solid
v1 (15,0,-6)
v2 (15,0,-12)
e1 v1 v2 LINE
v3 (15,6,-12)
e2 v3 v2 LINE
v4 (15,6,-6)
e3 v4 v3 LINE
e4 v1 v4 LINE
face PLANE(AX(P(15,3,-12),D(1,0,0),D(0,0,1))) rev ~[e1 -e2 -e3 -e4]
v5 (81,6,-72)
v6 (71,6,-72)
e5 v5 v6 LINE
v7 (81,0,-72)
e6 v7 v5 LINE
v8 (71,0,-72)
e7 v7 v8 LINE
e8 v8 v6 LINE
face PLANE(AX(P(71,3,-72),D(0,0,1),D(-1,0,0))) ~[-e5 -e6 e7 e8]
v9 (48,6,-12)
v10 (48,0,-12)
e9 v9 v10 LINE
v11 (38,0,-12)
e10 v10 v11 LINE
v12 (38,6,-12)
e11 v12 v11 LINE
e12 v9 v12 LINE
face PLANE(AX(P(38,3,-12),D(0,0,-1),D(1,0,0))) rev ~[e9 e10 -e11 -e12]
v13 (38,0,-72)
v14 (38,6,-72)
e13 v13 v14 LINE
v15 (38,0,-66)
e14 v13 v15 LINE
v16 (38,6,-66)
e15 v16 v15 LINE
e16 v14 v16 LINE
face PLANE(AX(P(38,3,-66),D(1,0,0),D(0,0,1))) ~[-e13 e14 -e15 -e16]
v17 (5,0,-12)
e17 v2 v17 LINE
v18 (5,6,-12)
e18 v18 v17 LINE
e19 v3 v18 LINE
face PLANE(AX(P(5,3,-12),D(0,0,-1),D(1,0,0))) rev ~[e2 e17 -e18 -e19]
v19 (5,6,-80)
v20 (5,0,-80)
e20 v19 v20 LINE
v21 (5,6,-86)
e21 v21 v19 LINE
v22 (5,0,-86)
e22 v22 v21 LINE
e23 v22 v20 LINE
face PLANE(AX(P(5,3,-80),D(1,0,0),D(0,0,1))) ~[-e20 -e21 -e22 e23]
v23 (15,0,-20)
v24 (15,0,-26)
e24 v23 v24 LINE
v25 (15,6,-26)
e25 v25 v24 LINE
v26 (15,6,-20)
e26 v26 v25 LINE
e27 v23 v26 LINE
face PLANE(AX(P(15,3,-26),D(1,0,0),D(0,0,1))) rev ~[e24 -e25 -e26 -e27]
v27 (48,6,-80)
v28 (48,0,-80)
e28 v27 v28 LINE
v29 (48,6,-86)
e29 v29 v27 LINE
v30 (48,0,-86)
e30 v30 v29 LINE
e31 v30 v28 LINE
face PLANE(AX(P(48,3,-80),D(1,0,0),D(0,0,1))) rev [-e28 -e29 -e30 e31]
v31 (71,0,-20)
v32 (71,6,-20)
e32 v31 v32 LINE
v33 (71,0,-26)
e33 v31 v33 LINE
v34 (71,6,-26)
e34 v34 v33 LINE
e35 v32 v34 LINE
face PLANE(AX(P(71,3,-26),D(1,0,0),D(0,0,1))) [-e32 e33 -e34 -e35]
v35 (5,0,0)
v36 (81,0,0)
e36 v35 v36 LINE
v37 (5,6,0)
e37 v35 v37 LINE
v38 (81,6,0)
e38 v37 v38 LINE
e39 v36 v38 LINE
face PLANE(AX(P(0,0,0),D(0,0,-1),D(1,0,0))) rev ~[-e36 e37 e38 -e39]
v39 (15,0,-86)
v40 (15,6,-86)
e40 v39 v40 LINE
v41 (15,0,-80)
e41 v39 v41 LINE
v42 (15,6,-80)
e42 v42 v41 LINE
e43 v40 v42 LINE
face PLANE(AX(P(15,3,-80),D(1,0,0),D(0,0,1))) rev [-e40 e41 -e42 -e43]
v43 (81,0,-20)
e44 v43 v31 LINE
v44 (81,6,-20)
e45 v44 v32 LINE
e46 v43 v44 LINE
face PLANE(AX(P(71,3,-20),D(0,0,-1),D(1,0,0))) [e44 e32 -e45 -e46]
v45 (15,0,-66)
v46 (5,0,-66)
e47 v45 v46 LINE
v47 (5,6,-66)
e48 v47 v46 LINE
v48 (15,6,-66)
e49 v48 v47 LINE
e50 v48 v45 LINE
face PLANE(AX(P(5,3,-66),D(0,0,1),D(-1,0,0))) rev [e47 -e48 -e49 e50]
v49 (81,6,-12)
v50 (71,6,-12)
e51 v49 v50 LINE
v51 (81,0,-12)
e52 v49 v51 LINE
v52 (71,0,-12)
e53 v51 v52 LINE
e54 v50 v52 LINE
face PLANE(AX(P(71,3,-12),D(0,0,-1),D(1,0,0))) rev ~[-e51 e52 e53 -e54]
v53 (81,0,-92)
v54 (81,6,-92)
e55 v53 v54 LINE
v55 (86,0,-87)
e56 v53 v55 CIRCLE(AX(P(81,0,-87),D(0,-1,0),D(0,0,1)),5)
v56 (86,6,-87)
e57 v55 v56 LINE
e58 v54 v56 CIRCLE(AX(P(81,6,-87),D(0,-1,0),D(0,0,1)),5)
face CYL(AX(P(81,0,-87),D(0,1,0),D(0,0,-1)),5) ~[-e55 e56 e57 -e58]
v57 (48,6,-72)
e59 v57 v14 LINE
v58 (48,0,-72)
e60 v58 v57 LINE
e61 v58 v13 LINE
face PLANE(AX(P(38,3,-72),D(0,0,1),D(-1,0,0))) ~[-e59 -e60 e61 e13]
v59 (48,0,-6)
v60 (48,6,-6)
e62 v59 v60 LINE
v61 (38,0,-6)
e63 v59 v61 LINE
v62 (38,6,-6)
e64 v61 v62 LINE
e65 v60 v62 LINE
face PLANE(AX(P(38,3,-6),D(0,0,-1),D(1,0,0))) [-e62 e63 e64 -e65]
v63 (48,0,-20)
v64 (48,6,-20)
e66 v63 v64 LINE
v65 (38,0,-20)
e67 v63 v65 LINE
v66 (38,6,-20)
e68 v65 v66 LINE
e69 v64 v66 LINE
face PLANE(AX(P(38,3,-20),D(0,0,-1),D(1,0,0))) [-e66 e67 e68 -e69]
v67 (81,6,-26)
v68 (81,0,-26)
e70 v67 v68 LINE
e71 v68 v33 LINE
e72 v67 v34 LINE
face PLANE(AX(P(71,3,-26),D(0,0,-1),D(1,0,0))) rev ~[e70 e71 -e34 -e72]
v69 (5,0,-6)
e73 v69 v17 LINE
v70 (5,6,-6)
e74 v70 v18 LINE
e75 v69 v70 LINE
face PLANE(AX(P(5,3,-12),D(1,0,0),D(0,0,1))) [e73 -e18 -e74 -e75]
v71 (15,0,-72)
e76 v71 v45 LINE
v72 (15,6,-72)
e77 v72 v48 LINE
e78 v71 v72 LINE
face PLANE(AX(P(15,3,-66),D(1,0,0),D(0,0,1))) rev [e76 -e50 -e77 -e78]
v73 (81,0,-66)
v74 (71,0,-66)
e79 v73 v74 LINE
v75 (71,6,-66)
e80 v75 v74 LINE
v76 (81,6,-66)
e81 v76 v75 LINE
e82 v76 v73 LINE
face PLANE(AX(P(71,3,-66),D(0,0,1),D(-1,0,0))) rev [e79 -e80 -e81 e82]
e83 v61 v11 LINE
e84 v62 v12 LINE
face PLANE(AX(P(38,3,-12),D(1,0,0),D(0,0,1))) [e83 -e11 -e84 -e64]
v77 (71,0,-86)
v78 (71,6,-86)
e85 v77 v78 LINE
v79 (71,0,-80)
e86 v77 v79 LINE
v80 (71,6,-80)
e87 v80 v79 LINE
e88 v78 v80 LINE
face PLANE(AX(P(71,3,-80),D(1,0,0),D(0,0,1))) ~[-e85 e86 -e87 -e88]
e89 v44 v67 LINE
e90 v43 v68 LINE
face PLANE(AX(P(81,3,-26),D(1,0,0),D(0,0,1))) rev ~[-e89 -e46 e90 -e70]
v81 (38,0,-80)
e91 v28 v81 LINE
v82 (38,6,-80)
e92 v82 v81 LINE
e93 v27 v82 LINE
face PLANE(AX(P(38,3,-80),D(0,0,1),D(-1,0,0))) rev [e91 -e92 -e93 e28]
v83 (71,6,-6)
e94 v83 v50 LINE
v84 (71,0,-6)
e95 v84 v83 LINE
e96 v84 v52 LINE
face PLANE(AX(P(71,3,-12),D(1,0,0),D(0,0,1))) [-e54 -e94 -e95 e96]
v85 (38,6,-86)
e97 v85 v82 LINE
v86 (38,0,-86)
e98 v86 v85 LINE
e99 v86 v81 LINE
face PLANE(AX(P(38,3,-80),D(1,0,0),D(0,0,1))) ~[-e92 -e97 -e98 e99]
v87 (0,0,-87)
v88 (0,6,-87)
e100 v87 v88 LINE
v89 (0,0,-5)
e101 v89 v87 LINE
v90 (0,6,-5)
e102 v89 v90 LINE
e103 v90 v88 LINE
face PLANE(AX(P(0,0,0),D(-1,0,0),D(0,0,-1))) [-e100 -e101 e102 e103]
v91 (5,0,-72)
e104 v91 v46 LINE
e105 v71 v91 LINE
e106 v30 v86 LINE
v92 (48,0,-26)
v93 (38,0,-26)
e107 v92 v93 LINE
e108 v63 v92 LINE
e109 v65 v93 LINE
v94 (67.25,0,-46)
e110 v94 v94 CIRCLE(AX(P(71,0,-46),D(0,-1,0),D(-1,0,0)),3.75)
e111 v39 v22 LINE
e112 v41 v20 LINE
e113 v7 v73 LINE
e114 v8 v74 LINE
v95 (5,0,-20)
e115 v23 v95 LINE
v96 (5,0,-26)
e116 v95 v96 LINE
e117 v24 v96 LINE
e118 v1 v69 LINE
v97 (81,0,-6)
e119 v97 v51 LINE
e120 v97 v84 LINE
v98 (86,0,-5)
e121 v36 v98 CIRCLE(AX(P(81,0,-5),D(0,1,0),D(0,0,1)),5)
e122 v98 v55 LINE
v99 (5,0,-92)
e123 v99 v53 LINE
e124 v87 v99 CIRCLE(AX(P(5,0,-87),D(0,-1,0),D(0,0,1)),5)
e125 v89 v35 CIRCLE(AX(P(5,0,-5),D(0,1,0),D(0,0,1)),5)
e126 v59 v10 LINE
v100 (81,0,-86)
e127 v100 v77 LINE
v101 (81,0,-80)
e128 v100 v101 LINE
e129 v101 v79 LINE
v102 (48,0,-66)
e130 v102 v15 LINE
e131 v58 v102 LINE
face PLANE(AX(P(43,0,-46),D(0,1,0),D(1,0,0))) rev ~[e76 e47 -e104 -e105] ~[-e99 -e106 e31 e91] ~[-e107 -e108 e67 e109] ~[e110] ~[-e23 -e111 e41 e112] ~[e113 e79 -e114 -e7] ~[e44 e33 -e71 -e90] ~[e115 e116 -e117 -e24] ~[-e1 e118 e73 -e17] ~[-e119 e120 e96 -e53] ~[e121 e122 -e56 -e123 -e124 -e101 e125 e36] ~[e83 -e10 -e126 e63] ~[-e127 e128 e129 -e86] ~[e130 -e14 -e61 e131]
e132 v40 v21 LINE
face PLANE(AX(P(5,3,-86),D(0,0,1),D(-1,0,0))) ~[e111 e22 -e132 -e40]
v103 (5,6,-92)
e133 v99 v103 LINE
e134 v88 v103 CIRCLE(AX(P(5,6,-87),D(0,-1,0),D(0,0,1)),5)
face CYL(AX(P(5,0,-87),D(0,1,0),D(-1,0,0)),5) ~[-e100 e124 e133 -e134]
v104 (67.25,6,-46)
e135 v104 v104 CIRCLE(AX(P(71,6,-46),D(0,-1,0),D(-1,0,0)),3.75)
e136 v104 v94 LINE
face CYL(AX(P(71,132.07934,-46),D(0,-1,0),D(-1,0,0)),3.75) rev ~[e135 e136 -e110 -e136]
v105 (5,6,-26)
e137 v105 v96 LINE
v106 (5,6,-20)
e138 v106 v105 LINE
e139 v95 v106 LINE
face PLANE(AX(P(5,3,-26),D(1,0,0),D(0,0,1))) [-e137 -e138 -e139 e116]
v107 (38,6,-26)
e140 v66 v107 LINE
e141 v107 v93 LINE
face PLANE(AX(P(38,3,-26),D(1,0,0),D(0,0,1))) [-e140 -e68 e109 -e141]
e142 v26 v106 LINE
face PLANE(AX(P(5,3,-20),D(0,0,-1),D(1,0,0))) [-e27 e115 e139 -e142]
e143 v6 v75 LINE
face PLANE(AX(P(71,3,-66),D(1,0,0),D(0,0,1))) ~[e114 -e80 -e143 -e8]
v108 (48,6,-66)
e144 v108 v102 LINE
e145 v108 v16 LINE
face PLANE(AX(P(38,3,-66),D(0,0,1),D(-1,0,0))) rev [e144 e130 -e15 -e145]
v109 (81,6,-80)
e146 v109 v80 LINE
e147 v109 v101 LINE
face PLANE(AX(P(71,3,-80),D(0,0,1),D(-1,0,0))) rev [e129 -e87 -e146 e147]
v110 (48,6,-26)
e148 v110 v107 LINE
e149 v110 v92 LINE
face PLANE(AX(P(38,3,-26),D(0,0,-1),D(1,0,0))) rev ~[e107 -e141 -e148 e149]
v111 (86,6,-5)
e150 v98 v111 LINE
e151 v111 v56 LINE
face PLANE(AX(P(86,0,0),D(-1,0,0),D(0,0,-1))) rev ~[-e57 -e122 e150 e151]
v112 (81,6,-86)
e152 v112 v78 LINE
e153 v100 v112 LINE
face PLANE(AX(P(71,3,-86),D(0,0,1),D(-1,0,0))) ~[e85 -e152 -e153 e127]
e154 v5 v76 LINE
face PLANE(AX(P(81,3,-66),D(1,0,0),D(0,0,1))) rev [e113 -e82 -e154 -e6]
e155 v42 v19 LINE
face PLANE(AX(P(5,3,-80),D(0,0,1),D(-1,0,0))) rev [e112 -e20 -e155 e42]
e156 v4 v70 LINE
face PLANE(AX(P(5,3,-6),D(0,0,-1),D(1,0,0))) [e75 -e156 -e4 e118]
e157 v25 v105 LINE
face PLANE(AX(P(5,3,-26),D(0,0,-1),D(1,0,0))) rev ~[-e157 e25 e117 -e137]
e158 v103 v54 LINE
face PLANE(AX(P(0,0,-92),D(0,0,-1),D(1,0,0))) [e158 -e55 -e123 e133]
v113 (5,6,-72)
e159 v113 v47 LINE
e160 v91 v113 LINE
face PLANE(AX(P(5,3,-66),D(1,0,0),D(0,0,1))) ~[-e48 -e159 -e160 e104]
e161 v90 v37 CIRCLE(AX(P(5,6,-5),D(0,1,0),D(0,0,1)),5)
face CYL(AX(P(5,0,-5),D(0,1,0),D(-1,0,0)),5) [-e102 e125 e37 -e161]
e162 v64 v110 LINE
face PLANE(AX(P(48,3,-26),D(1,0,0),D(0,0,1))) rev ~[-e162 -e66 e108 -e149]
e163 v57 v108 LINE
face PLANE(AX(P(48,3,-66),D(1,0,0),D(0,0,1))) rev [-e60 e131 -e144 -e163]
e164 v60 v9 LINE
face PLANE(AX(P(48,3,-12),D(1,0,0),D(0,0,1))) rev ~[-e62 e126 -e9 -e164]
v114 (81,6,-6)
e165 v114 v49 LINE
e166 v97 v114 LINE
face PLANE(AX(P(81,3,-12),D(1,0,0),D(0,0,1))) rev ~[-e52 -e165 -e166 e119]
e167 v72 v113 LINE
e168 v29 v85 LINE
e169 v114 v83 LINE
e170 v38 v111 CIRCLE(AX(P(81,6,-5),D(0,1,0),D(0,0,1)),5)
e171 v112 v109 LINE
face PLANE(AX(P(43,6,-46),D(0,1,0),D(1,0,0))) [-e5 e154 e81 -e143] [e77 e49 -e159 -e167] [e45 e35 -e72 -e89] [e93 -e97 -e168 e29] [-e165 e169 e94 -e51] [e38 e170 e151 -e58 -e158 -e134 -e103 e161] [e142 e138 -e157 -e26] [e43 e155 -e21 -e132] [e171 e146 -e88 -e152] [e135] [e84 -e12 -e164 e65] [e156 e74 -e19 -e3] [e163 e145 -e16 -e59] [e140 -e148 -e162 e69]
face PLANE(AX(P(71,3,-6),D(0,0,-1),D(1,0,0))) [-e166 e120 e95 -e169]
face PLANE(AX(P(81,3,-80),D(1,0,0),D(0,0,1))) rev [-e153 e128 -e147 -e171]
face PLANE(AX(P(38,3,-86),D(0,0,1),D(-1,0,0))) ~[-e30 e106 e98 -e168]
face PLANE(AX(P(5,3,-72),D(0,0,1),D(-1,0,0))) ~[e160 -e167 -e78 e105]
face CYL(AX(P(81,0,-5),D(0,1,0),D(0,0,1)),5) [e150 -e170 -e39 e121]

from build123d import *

# Parameters (mm, degrees)
SKETCH1_W                  = 86
SKETCH1_H                  = 92
BOSS_EXTRUDE1_DEPTH        = 6
F_7_5_7_5_DIAMETER_HOLE1_D = 7.5
SKETCH6_W                  = 10
SKETCH6_H                  = 6
CUT_EXTRUDE1_DEPTH         = 4
SKETCH61_W                 = 10
SKETCH61_H                 = 6
CUT_EXTRUDE11_DEPTH        = 4
SKETCH62_W                 = 10
SKETCH62_H                 = 6
CUT_EXTRUDE12_DEPTH        = 4
SKETCH64_W                 = 10
SKETCH64_H                 = 6
CUT_EXTRUDE14_DEPTH        = 4
SKETCH65_W                 = 10
SKETCH65_H                 = 6
CUT_EXTRUDE15_DEPTH        = 4
SKETCH66_W                 = 10
SKETCH66_H                 = 6
CUT_EXTRUDE16_DEPTH        = 4
FILLET1_R                  = 5


with BuildPart() as part:
    # Sketch1 → Boss-Extrude1 (new body)
    with BuildSketch(Plane(origin=(0, 0, 0), x_dir=(1, 0, 0), z_dir=(0, 1, 0))):
        with Locations((43, 46)):
            Rectangle(SKETCH1_W, SKETCH1_H)
    extrude(amount=BOSS_EXTRUDE1_DEPTH)

    # Ø7.5 (7.5) Diameter Hole1 (through all)
    with Locations(Plane(origin=(0, 6, 0), x_dir=(1, 0, 0), z_dir=(0, 1, 0))):
        with Locations((71, 46)):
            Hole(F_7_5_7_5_DIAMETER_HOLE1_D / 2)

    # Sketch6 → Cut-Extrude1 (cut, symmetric)
    with BuildSketch(Plane(origin=(9.232221392, 3, 35), x_dir=(1, 0, 0), z_dir=(0, -1, 0))):
        with Locations((0.767778608, -44)):
            Rectangle(SKETCH6_W, SKETCH6_H)
    cut_extrude1 = extrude(amount=CUT_EXTRUDE1_DEPTH, both=True, mode=Mode.SUBTRACT)

    # Sketch61 → Cut-Extrude11 (cut, symmetric)
    with BuildSketch(Plane(origin=(42.232221392, 3, 35), x_dir=(1, 0, 0), z_dir=(0, -1, 0))):
        with Locations((0.767778608, -44)):
            Rectangle(SKETCH61_W, SKETCH61_H)
    cut_extrude11 = extrude(amount=CUT_EXTRUDE11_DEPTH, both=True, mode=Mode.SUBTRACT)

    # Sketch62 → Cut-Extrude12 (cut, symmetric)
    with BuildSketch(Plane(origin=(75.232221392, 3, 35), x_dir=(1, 0, 0), z_dir=(0, -1, 0))):
        with Locations((0.767778608, -44)):
            Rectangle(SKETCH62_W, SKETCH62_H)
    cut_extrude12 = extrude(amount=CUT_EXTRUDE12_DEPTH, both=True, mode=Mode.SUBTRACT)

    # Sketch64 → Cut-Extrude14 (cut, symmetric)
    with BuildSketch(Plane(origin=(9.232221392, 3, 21), x_dir=(1, 0, 0), z_dir=(0, -1, 0))):
        with Locations((0.767778608, -44)):
            Rectangle(SKETCH64_W, SKETCH64_H)
    cut_extrude14 = extrude(amount=CUT_EXTRUDE14_DEPTH, both=True, mode=Mode.SUBTRACT)

    # Sketch65 → Cut-Extrude15 (cut, symmetric)
    with BuildSketch(Plane(origin=(42.232221392, 3, 21), x_dir=(1, 0, 0), z_dir=(0, -1, 0))):
        with Locations((0.767778608, -44)):
            Rectangle(SKETCH65_W, SKETCH65_H)
    cut_extrude15 = extrude(amount=CUT_EXTRUDE15_DEPTH, both=True, mode=Mode.SUBTRACT)

    # Sketch66 → Cut-Extrude16 (cut, symmetric)
    with BuildSketch(Plane(origin=(75.232221392, 3, 21), x_dir=(1, 0, 0), z_dir=(0, -1, 0))):
        with Locations((0.767778608, -44)):
            Rectangle(SKETCH66_W, SKETCH66_H)
    cut_extrude16 = extrude(amount=CUT_EXTRUDE16_DEPTH, both=True, mode=Mode.SUBTRACT)

    # Mirror1: Cut-Extrude1, Cut-Extrude11, Cut-Extrude12, Cut-Extrude14, Cut-Extrude15, Cut-Extrude16 across plane
    add(cut_extrude1.mirror(Plane.XY.offset(-46)), mode=Mode.SUBTRACT)
    add(cut_extrude11.mirror(Plane.XY.offset(-46)), mode=Mode.SUBTRACT)
    add(cut_extrude12.mirror(Plane.XY.offset(-46)), mode=Mode.SUBTRACT)
    add(cut_extrude14.mirror(Plane.XY.offset(-46)), mode=Mode.SUBTRACT)
    add(cut_extrude15.mirror(Plane.XY.offset(-46)), mode=Mode.SUBTRACT)
    add(cut_extrude16.mirror(Plane.XY.offset(-46)), mode=Mode.SUBTRACT)

    # Fillet1
    fillet1_edges = [part.edges().sort_by_distance(p)[0] for p in [
        (0, 3, -92),
        (86, 3, -92),
        (86, 3, 0),
        (0, 3, 0),
    ]]
    fillet(fillet1_edges, radius=FILLET1_R)


solid = part.part
